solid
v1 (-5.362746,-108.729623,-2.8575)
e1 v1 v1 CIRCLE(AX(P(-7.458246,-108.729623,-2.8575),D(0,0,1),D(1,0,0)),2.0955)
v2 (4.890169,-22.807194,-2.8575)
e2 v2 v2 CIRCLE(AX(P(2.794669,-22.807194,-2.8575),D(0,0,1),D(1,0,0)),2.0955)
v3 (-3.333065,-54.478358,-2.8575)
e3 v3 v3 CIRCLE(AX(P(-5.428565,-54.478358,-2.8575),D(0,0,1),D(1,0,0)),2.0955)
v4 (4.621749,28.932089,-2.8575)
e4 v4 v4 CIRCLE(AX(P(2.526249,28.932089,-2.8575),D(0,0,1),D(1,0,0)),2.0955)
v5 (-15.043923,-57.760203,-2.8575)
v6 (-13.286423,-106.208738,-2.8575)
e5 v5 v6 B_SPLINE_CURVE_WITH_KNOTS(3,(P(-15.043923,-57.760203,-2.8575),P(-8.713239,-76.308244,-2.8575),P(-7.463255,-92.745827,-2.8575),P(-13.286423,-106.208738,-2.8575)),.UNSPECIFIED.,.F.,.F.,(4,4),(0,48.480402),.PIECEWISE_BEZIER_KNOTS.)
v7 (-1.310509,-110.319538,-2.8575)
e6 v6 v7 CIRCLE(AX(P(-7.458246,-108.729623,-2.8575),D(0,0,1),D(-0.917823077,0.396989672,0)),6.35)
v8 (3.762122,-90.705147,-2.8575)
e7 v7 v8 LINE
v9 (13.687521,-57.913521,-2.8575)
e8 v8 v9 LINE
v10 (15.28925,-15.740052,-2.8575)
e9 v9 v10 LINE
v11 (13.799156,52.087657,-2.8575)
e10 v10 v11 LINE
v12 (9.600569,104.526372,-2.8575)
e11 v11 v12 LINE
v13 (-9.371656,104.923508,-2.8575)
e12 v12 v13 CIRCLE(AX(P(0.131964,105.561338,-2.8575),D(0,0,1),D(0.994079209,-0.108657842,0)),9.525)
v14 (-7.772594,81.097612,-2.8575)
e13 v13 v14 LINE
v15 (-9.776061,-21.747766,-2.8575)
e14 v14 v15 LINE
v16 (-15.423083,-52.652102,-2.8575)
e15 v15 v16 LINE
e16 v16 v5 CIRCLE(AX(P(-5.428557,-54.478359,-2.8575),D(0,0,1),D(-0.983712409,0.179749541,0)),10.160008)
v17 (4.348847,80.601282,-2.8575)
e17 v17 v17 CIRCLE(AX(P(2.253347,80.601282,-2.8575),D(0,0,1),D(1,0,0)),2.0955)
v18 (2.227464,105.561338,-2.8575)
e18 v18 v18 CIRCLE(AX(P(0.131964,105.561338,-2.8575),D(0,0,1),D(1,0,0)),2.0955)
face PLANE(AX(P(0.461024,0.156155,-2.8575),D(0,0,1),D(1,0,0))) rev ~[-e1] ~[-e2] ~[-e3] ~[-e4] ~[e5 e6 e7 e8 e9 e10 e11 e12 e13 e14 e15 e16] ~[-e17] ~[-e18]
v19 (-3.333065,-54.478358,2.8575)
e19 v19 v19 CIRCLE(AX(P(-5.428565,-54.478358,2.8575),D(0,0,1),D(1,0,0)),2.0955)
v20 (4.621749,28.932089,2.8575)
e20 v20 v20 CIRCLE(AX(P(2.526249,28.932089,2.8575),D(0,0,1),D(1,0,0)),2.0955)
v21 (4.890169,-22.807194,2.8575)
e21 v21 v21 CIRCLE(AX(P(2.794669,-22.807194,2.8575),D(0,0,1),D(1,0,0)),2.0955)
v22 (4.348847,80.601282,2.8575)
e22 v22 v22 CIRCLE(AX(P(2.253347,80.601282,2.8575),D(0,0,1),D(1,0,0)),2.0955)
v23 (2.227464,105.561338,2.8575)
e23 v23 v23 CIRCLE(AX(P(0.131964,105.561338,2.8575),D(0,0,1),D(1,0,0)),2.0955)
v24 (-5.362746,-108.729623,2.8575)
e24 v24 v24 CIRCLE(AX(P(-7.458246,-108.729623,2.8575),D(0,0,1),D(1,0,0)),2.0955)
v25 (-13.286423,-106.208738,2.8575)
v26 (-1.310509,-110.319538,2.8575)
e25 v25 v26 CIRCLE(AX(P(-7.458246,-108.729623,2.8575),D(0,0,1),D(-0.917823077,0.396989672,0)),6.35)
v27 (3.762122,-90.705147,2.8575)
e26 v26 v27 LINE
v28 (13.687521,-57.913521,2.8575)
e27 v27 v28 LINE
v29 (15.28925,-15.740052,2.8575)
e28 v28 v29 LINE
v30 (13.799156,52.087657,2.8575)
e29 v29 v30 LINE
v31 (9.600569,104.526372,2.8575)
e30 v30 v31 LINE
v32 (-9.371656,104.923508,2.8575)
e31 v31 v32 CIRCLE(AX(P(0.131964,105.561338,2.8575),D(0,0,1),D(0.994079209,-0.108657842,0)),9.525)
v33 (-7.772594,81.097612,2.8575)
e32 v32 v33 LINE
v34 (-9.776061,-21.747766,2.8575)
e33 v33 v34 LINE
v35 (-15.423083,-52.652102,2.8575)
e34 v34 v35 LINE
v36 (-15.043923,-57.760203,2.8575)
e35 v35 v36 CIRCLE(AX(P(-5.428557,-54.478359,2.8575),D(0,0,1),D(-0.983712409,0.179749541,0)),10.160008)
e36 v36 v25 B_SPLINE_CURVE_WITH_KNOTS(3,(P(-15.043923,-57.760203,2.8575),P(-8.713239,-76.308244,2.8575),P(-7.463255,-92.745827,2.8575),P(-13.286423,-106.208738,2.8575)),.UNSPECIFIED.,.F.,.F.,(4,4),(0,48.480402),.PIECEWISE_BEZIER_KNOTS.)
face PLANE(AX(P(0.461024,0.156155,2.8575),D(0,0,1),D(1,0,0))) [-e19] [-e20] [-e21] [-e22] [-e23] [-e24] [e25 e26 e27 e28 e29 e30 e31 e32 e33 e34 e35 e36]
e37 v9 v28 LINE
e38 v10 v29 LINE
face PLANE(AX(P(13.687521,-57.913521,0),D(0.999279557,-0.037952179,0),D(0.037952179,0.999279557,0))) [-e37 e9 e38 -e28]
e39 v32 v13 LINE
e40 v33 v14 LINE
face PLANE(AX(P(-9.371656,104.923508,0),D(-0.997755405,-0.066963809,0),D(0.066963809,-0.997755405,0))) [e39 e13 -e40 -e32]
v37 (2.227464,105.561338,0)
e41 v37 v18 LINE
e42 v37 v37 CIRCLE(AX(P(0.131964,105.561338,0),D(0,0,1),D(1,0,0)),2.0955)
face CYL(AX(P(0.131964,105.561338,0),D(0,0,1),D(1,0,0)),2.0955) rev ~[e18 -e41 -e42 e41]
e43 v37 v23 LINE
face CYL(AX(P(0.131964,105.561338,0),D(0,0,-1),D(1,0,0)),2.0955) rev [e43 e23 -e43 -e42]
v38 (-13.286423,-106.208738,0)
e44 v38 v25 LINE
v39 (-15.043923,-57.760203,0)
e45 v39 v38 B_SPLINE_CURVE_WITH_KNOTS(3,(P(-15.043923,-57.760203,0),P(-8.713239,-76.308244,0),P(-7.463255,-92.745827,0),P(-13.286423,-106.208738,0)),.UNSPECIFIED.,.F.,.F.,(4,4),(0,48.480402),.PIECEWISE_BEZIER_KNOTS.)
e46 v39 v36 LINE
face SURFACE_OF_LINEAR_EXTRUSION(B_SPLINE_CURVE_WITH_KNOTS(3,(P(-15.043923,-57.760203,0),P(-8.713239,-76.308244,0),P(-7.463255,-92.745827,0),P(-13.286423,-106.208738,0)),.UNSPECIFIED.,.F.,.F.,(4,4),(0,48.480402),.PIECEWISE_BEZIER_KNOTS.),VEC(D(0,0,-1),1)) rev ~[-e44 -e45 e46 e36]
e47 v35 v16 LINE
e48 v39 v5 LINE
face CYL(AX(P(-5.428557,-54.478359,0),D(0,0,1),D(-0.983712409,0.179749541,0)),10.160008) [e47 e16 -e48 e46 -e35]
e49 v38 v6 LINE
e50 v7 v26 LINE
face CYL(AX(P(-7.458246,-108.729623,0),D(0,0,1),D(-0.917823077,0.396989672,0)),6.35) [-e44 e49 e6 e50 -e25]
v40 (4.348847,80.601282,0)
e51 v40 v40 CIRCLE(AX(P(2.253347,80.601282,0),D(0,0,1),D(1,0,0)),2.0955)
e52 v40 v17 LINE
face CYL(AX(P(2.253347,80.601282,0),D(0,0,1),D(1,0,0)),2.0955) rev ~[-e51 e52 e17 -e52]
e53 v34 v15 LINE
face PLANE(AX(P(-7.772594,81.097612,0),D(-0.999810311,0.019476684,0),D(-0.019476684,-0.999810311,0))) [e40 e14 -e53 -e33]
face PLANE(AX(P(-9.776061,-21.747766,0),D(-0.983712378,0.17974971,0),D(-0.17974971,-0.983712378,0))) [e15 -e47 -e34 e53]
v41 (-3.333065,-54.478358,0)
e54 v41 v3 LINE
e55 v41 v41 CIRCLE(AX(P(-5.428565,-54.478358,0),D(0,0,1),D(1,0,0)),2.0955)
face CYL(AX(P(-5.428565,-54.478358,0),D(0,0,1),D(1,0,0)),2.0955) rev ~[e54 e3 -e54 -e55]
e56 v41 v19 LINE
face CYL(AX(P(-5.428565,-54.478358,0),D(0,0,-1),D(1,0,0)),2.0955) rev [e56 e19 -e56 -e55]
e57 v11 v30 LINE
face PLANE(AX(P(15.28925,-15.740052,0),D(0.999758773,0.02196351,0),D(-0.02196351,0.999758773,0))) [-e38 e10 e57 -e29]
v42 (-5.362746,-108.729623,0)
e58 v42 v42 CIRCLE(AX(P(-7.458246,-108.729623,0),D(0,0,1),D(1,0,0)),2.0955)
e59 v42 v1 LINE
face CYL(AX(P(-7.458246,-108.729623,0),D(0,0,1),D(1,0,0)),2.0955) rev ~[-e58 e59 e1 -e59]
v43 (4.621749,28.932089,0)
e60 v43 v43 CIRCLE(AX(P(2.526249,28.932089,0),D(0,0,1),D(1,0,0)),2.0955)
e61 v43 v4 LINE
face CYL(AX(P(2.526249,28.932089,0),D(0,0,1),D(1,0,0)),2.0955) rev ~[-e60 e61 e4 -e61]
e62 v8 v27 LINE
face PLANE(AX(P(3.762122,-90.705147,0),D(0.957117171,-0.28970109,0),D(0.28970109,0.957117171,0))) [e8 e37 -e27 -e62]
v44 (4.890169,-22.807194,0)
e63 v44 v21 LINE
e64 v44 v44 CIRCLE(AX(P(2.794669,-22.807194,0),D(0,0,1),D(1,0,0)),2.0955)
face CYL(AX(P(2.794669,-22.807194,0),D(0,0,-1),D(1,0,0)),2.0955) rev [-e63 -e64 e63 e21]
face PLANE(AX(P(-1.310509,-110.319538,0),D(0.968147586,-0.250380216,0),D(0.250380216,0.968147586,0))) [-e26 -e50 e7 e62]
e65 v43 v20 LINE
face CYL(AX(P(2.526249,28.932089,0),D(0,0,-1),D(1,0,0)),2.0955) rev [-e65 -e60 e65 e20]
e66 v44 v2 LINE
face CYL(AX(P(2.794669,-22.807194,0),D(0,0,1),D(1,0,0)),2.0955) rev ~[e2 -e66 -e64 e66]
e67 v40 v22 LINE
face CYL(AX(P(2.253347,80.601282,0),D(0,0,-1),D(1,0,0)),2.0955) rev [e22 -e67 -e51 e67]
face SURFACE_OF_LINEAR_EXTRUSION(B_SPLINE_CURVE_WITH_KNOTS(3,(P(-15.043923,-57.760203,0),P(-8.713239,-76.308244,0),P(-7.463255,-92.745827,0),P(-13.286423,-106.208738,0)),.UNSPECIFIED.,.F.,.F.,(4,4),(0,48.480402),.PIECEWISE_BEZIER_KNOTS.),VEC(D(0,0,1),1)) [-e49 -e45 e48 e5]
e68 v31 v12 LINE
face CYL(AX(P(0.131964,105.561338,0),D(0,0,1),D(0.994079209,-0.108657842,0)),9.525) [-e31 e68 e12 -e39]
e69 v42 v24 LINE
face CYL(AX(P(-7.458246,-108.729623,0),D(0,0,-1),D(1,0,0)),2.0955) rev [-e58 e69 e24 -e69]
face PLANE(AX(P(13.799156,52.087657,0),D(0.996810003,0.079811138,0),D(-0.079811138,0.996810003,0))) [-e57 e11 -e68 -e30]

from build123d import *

# Parameters (mm, degrees)
F0_R     = 2.0955
F1_DEPTH = 2.8575


with BuildPart() as f1:
    # F0 (on Top) → F1 (new body, symmetric)
    with BuildSketch(Plane.XY):
        with BuildLine():
            add(Edge.make_bspline(
                [(-15.043923, -57.760203), (-8.713239, -76.308244), (-7.463255, -92.745827), (-13.286423, -106.208738)],
                knots=[0, 0, 0, 0, 48.480402, 48.480402, 48.480402, 48.480402], degree=3))
            ThreePointArc((-13.286423, -106.208738), (-9.519847, -114.735645), (-1.310509, -110.319538))
            Line((-1.310509, -110.319538), (3.762122, -90.705147))
            Line((3.762122, -90.705147), (13.687521, -57.913521))
            Line((13.687521, -57.913521), (15.28925, -15.740052))
            Line((15.28925, -15.740052), (13.799156, 52.087657))
            Line((13.799156, 52.087657), (9.600569, 104.526372))
            ThreePointArc((9.600569, 104.526372), (0.331303, 115.084252), (-9.371656, 104.923508))
            Line((-9.371656, 104.923508), (-7.772594, 81.097612))
            Line((-7.772594, 81.097612), (-9.776061, -21.747766))
            Line((-9.776061, -21.747766), (-15.423083, -52.652102))
            ThreePointArc((-15.423083, -52.652102), (-15.560691, -55.230439), (-15.043923, -57.760203))
        make_face()
        with Locations((-7.458246, -108.729623)):
            Circle(F0_R, mode=Mode.SUBTRACT)
        with Locations((-5.428565, -54.478358)):
            Circle(F0_R, mode=Mode.SUBTRACT)
        with Locations((2.794669, -22.807194)):
            Circle(F0_R, mode=Mode.SUBTRACT)
        with Locations((2.526249, 28.932089)):
            Circle(F0_R, mode=Mode.SUBTRACT)
        with Locations((2.253347, 80.601282)):
            Circle(F0_R, mode=Mode.SUBTRACT)
        with Locations((0.131964, 105.561338)):
            Circle(F0_R, mode=Mode.SUBTRACT)
    extrude(amount=F1_DEPTH, both=True)


solid = f1.part
